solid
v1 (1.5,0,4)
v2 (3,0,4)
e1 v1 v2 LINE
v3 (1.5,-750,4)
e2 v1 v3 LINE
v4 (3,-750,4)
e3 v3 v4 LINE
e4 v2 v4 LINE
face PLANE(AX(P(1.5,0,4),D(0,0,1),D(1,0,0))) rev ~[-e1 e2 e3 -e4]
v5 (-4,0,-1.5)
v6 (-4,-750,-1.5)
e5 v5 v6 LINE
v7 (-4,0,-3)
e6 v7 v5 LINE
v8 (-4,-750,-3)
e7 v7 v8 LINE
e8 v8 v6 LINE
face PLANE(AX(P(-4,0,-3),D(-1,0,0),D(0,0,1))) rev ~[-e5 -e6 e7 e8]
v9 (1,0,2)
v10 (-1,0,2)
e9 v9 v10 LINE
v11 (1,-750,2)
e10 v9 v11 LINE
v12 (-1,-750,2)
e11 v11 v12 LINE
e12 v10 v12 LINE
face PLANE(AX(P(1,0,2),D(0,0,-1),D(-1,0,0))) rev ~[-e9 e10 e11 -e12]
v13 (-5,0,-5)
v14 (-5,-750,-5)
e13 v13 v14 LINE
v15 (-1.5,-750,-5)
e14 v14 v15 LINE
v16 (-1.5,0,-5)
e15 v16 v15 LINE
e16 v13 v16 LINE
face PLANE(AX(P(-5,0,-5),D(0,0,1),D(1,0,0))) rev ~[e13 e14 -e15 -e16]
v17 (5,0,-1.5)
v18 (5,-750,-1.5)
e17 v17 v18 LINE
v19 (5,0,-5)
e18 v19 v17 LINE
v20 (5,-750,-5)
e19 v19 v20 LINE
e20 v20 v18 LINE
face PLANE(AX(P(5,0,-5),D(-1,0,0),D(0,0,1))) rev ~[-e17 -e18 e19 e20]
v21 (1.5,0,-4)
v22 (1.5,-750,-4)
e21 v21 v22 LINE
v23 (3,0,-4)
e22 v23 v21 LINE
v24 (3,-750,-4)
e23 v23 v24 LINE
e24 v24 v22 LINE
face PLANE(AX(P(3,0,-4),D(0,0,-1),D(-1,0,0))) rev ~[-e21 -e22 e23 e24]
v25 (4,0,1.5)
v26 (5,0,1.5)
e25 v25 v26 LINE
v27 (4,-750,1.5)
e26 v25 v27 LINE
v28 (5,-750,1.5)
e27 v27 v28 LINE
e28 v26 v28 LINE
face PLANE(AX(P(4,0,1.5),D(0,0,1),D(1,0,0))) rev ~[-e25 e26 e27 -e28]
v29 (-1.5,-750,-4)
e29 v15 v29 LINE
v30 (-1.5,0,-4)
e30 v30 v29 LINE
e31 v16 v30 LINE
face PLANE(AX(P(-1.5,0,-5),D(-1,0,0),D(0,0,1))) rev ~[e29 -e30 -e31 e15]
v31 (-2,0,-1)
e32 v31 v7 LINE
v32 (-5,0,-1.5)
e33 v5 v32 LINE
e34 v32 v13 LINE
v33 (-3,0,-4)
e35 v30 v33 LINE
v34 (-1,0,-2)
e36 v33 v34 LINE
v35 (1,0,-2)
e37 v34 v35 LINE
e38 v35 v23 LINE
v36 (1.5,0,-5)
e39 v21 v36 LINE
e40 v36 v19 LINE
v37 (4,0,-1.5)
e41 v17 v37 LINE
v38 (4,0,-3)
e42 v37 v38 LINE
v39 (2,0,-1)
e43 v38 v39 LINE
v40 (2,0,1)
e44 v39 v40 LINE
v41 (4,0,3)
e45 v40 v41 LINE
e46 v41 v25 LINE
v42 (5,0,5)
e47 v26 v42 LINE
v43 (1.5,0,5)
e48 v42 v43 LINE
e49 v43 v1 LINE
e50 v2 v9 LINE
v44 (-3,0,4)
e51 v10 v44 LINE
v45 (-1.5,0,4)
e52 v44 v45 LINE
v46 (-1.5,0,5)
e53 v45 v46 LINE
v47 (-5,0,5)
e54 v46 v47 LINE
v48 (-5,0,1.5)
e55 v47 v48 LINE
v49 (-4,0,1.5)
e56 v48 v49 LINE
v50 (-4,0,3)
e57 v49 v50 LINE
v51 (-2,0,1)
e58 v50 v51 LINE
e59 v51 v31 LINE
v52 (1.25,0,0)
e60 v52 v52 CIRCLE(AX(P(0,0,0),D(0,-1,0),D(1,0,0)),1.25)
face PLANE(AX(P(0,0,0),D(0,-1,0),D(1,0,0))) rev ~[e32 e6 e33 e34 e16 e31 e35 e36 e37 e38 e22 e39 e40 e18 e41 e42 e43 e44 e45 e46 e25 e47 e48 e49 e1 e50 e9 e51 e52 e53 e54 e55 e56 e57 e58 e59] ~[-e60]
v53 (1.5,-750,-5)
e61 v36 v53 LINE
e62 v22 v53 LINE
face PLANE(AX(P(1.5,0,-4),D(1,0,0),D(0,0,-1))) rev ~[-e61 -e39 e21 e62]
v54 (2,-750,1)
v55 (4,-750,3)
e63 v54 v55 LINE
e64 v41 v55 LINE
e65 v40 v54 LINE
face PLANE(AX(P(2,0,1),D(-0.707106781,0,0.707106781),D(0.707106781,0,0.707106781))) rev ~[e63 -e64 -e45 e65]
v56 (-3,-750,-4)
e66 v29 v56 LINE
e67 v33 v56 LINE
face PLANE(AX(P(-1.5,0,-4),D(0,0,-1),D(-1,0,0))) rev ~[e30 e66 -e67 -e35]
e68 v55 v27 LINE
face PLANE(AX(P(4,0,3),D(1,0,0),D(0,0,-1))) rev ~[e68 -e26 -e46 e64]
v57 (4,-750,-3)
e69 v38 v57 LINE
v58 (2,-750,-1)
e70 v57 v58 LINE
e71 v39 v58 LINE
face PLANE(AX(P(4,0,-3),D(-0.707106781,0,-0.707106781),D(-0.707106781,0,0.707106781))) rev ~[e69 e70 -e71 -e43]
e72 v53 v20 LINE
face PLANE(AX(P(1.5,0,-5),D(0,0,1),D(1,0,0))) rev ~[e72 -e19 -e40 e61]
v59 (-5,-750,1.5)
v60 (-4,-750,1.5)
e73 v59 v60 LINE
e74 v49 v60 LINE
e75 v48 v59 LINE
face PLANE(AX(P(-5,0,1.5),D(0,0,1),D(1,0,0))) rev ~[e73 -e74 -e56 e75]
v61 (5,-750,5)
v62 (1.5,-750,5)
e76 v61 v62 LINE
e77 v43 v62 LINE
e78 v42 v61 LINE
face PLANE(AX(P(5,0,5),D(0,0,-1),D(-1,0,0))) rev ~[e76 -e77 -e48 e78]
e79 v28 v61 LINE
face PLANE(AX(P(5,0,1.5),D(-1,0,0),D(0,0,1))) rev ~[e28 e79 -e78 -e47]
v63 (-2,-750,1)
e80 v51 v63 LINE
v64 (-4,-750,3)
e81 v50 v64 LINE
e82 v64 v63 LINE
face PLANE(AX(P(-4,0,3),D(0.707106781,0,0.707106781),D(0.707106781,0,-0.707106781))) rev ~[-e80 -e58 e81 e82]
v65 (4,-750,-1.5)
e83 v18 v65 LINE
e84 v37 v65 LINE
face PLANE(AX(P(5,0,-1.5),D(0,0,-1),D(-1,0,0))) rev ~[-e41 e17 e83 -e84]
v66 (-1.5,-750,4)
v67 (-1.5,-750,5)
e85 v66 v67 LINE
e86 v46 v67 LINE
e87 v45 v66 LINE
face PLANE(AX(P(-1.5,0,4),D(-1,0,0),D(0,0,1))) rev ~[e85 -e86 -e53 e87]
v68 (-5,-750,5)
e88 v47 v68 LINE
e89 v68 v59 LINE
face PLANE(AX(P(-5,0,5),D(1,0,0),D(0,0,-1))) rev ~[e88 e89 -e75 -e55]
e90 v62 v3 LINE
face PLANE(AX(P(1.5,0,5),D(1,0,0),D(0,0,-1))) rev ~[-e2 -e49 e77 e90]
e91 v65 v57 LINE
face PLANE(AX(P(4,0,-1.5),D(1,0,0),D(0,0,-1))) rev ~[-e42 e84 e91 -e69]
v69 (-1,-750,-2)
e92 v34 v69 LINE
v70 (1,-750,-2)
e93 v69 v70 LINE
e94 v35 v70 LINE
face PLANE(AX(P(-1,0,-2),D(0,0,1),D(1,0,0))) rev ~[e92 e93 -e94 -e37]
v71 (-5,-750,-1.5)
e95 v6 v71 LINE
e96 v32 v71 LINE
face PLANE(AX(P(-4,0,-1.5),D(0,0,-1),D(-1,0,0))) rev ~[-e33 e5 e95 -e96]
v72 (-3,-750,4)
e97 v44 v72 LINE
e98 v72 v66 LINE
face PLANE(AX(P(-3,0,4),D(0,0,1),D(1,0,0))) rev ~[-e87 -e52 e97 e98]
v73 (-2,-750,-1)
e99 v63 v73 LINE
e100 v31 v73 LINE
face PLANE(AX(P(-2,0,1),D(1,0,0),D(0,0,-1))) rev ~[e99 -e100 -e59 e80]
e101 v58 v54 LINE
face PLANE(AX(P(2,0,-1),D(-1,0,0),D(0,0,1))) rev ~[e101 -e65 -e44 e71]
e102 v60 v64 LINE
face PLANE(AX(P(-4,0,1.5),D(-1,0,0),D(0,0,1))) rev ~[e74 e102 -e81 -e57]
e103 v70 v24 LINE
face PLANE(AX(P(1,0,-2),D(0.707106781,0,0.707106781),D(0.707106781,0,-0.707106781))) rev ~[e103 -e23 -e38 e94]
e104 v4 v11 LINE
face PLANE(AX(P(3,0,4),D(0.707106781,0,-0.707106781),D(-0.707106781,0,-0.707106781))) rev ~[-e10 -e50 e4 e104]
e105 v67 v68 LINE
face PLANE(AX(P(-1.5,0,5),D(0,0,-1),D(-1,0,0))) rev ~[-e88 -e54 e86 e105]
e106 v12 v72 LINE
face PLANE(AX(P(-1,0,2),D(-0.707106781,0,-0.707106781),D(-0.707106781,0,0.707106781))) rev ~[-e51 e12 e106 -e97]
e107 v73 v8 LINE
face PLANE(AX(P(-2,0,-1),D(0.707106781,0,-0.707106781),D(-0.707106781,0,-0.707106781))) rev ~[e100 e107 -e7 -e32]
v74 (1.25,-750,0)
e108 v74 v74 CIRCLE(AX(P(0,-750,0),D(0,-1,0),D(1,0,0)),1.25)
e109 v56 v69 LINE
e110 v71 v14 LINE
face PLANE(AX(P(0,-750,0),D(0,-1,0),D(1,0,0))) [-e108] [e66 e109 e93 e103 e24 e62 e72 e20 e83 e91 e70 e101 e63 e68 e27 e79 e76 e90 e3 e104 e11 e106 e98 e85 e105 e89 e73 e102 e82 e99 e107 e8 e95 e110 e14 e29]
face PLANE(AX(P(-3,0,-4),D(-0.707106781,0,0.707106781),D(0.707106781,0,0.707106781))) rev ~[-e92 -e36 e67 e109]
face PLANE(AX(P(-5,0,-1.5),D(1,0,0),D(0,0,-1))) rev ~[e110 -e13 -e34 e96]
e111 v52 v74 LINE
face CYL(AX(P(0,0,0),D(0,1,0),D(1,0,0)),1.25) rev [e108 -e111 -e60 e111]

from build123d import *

# Parameters (mm, degrees)
F0_R     = 1.25
F1_DEPTH = 750


with BuildPart() as f1:
    # F0 (on Front) → F1 (new body)
    with BuildSketch(Plane.XZ):
        Circle(F0_R)
        Polygon((5, 5), (1.5, 5), (1.5, 4), (3, 4), (1, 2), (0, 2), (-1, 2), (-3, 4), (-1.5, 4), (-1.5, 5), (-5, 5), (-5, 1.5), (-4, 1.5), (-4, 3), (-2, 1), (-2, 0), (-2, -1), (-4, -3), (-4, -1.5), (-5, -1.5), (-5, -5), (-1.5, -5), (-1.5, -4), (-3, -4), (-1, -2), (0, -2), (1, -2), (3, -4), (1.5, -4), (1.5, -5), (5, -5), (5, -1.5), (4, -1.5), (4, -3), (2, -1), (2, 0), (2, 1), (4, 3), (4, 1.5), (5, 1.5), align=None)
        Circle(F0_R, mode=Mode.SUBTRACT)
    extrude(amount=F1_DEPTH)


solid = f1.part
